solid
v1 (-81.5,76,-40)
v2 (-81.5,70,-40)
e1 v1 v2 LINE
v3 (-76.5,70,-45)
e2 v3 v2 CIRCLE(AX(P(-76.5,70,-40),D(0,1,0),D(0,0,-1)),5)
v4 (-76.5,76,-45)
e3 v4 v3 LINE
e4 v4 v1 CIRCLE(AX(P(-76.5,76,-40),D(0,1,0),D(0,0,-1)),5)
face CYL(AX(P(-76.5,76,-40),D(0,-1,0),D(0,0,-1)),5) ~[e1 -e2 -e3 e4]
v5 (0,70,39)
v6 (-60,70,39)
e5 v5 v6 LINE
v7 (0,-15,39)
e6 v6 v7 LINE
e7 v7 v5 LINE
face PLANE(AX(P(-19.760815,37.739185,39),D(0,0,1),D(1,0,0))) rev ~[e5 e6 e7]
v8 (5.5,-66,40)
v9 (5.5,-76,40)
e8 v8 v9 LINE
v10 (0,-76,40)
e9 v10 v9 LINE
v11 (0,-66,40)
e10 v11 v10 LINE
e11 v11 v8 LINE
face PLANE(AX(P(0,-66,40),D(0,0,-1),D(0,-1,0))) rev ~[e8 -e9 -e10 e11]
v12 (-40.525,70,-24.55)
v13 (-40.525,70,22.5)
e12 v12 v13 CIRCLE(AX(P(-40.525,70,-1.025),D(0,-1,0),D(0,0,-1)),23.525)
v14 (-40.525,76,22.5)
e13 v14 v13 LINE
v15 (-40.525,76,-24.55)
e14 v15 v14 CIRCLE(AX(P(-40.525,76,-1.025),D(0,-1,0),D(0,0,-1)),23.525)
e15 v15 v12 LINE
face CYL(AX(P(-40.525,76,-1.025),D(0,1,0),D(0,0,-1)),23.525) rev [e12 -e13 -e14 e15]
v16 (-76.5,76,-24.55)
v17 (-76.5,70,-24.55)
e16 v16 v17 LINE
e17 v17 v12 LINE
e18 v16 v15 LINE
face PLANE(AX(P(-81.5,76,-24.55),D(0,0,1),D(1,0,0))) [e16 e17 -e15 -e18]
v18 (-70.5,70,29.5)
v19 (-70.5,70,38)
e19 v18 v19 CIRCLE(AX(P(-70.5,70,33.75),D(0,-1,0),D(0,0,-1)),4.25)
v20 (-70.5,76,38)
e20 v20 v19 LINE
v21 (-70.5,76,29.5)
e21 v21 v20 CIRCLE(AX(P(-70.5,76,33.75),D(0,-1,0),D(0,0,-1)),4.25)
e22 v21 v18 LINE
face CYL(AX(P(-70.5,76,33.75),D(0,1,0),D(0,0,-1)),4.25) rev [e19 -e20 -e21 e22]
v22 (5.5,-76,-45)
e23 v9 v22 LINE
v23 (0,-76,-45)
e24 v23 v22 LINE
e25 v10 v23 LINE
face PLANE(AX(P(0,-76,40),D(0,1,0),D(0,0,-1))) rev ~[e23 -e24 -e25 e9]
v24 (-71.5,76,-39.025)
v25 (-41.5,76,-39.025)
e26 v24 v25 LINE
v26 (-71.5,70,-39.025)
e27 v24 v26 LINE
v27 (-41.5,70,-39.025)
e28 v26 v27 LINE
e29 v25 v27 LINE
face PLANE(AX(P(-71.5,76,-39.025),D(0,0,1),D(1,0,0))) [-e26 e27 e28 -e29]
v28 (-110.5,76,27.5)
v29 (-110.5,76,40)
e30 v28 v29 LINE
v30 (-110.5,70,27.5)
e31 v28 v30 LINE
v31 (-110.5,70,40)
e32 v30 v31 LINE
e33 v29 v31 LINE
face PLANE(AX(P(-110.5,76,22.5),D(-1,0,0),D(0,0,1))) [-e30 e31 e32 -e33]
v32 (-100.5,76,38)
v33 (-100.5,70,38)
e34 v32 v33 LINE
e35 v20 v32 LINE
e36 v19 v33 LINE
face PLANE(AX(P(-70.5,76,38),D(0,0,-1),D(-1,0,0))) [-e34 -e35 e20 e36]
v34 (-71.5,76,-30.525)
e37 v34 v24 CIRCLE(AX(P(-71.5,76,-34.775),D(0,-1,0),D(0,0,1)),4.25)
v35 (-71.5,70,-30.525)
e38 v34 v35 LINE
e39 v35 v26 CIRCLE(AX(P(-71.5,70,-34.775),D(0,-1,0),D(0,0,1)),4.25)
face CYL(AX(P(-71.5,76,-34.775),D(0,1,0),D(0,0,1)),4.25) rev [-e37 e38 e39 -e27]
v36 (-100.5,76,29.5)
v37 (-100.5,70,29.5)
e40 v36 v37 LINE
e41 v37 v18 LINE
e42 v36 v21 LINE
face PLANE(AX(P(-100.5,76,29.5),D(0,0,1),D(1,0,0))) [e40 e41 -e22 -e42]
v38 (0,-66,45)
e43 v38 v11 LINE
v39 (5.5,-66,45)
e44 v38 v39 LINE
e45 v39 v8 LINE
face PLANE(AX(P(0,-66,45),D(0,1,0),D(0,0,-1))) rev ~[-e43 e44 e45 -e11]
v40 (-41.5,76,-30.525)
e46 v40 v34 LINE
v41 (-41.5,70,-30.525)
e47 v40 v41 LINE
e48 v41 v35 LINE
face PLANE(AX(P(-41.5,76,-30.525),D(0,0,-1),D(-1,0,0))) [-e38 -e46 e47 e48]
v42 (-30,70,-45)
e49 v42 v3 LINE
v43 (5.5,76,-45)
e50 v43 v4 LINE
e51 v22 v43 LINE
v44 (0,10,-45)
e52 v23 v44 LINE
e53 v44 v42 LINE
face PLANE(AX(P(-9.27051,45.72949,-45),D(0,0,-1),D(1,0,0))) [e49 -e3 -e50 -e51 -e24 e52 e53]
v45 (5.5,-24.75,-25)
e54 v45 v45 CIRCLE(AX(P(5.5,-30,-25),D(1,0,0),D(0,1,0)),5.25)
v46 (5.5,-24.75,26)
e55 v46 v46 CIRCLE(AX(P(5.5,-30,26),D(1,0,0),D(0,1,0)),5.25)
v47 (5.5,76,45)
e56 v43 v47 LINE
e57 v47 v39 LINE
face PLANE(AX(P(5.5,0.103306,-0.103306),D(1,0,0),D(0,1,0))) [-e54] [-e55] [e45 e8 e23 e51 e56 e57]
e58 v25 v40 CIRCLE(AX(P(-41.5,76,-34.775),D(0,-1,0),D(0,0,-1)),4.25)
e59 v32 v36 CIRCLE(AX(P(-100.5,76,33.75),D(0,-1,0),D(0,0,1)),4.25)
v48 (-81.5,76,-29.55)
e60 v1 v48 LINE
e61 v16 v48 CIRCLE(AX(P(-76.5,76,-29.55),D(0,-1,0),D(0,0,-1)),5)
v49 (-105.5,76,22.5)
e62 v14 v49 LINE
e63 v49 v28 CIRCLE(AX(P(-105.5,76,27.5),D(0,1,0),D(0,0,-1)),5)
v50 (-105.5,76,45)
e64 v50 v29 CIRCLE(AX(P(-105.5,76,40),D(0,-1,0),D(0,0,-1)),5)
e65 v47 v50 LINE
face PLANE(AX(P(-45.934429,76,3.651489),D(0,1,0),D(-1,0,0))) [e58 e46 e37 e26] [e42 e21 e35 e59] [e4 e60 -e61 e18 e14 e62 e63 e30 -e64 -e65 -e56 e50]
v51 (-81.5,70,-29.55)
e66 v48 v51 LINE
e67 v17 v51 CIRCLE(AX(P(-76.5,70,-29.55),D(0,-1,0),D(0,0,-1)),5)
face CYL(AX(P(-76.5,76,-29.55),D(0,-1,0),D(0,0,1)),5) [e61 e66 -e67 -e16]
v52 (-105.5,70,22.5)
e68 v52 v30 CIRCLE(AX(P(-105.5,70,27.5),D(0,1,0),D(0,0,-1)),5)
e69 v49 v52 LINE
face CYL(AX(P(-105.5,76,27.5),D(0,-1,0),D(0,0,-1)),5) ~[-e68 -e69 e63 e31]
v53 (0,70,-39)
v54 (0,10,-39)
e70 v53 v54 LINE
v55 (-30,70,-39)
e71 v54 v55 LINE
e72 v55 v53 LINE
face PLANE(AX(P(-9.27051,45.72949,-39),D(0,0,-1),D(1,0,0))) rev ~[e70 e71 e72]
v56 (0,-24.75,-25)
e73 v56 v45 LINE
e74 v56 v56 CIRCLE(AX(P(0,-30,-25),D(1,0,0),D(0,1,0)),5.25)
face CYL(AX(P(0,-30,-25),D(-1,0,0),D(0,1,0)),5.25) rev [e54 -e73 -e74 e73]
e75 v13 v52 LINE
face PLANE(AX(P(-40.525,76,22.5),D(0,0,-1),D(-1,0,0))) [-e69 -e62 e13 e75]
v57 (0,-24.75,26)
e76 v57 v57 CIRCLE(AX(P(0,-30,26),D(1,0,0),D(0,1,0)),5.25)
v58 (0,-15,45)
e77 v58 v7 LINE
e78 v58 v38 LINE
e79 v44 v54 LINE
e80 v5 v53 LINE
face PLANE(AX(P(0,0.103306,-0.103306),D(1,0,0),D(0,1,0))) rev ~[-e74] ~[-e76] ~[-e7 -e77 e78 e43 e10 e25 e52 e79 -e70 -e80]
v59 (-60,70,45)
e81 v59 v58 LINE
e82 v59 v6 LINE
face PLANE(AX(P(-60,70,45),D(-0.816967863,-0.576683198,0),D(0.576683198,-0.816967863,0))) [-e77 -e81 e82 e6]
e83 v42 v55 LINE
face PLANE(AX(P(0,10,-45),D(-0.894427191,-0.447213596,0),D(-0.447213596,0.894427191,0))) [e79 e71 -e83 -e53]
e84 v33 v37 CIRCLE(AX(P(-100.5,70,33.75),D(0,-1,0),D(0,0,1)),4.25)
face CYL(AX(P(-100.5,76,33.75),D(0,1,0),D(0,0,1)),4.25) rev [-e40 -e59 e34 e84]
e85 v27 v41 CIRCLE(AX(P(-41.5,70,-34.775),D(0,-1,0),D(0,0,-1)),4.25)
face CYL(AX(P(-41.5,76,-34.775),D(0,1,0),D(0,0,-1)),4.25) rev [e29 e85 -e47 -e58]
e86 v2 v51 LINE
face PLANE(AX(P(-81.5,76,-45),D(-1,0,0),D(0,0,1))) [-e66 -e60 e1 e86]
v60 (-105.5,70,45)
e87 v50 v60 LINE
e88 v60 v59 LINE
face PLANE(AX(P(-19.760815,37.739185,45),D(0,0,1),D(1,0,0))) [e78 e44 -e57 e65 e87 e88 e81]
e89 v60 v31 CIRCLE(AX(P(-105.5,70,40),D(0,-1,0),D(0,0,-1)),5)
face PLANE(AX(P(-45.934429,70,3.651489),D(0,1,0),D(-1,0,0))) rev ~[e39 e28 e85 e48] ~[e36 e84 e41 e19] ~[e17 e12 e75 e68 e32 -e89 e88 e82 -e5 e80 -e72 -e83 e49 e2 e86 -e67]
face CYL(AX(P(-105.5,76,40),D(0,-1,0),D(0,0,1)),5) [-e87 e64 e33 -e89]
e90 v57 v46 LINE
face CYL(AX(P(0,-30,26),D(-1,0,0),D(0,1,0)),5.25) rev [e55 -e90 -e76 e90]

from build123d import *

# Parameters (mm, degrees)
F0_R     = 5.25
F1_DEPTH = 5.5
F3_DEPTH = 6
F5_DEPTH = 6
F7_DEPTH = 6
F8_R     = 5


with BuildPart() as f1:
    # F0 (on Right) → F1 (new body)
    with BuildSketch(Plane.YZ):
        Polygon((76, -45), (76, 45), (-66, 45), (-66, 40), (-76, 40), (-76, -45), align=None)
        with Locations((-30, -25)):
            Circle(F0_R, mode=Mode.SUBTRACT)
        with Locations((-30, 26)):
            Circle(F0_R, mode=Mode.SUBTRACT)
    extrude(amount=F1_DEPTH)

    # F2 (on face) → F3 (join)
    with BuildSketch(Plane(origin=(0, 76, 0), x_dir=(-1, 0, 0), z_dir=(0, 1, 0))):
        with BuildLine():
            Line((110.5, 45), (0, 45))
            Line((0, 45), (0, -45))
            Line((0, -45), (81.5, -45))
            Line((81.5, -45), (81.5, -24.55))
            Line((81.5, -24.55), (40.525, -24.55))
            ThreePointArc((40.525, -24.55), (17, -1.025), (40.525, 22.5))
            Line((40.525, 22.5), (110.5, 22.5))
            Line((110.5, 22.5), (110.5, 45))
        make_face()
        with BuildLine():
            ThreePointArc((71.5, -30.525), (75.75, -34.775), (71.5, -39.025))
            Line((71.5, -39.025), (41.5, -39.025))
            ThreePointArc((41.5, -39.025), (37.25, -34.775), (41.5, -30.525))
            Line((41.5, -30.525), (71.5, -30.525))
        make_face(mode=Mode.SUBTRACT)
        with BuildLine():
            ThreePointArc((100.5, 38), (104.75, 33.75), (100.5, 29.5))
            Line((100.5, 29.5), (70.5, 29.5))
            ThreePointArc((70.5, 29.5), (66.25, 33.75), (70.5, 38))
            Line((70.5, 38), (100.5, 38))
        make_face(mode=Mode.SUBTRACT)
    extrude(amount=-F3_DEPTH)

    # F4 (on face) → F5 (join)
    with BuildSketch(Plane.XY.offset(45)):
        Polygon((0, -15), (0, 70), (-60, 70), align=None)
    extrude(amount=-F5_DEPTH)

    # F6 (on face) → F7 (join)
    with BuildSketch(Plane(origin=(0, 0, -45), x_dir=(1, 0, 0), z_dir=(0, 0, -1))):
        Polygon((-30, -70), (0, -70), (0, -10), align=None)
    extrude(amount=-F7_DEPTH)

    # F8
    f8_edges = [f1.edges().sort_by_distance(p)[0] for p in [
        (-110.5, 73, 45),
        (-110.5, 73, 22.5),
        (-81.5, 73, -24.55),
        (-81.5, 73, -45),
    ]]
    fillet(f8_edges, radius=F8_R)


solid = f1.part
